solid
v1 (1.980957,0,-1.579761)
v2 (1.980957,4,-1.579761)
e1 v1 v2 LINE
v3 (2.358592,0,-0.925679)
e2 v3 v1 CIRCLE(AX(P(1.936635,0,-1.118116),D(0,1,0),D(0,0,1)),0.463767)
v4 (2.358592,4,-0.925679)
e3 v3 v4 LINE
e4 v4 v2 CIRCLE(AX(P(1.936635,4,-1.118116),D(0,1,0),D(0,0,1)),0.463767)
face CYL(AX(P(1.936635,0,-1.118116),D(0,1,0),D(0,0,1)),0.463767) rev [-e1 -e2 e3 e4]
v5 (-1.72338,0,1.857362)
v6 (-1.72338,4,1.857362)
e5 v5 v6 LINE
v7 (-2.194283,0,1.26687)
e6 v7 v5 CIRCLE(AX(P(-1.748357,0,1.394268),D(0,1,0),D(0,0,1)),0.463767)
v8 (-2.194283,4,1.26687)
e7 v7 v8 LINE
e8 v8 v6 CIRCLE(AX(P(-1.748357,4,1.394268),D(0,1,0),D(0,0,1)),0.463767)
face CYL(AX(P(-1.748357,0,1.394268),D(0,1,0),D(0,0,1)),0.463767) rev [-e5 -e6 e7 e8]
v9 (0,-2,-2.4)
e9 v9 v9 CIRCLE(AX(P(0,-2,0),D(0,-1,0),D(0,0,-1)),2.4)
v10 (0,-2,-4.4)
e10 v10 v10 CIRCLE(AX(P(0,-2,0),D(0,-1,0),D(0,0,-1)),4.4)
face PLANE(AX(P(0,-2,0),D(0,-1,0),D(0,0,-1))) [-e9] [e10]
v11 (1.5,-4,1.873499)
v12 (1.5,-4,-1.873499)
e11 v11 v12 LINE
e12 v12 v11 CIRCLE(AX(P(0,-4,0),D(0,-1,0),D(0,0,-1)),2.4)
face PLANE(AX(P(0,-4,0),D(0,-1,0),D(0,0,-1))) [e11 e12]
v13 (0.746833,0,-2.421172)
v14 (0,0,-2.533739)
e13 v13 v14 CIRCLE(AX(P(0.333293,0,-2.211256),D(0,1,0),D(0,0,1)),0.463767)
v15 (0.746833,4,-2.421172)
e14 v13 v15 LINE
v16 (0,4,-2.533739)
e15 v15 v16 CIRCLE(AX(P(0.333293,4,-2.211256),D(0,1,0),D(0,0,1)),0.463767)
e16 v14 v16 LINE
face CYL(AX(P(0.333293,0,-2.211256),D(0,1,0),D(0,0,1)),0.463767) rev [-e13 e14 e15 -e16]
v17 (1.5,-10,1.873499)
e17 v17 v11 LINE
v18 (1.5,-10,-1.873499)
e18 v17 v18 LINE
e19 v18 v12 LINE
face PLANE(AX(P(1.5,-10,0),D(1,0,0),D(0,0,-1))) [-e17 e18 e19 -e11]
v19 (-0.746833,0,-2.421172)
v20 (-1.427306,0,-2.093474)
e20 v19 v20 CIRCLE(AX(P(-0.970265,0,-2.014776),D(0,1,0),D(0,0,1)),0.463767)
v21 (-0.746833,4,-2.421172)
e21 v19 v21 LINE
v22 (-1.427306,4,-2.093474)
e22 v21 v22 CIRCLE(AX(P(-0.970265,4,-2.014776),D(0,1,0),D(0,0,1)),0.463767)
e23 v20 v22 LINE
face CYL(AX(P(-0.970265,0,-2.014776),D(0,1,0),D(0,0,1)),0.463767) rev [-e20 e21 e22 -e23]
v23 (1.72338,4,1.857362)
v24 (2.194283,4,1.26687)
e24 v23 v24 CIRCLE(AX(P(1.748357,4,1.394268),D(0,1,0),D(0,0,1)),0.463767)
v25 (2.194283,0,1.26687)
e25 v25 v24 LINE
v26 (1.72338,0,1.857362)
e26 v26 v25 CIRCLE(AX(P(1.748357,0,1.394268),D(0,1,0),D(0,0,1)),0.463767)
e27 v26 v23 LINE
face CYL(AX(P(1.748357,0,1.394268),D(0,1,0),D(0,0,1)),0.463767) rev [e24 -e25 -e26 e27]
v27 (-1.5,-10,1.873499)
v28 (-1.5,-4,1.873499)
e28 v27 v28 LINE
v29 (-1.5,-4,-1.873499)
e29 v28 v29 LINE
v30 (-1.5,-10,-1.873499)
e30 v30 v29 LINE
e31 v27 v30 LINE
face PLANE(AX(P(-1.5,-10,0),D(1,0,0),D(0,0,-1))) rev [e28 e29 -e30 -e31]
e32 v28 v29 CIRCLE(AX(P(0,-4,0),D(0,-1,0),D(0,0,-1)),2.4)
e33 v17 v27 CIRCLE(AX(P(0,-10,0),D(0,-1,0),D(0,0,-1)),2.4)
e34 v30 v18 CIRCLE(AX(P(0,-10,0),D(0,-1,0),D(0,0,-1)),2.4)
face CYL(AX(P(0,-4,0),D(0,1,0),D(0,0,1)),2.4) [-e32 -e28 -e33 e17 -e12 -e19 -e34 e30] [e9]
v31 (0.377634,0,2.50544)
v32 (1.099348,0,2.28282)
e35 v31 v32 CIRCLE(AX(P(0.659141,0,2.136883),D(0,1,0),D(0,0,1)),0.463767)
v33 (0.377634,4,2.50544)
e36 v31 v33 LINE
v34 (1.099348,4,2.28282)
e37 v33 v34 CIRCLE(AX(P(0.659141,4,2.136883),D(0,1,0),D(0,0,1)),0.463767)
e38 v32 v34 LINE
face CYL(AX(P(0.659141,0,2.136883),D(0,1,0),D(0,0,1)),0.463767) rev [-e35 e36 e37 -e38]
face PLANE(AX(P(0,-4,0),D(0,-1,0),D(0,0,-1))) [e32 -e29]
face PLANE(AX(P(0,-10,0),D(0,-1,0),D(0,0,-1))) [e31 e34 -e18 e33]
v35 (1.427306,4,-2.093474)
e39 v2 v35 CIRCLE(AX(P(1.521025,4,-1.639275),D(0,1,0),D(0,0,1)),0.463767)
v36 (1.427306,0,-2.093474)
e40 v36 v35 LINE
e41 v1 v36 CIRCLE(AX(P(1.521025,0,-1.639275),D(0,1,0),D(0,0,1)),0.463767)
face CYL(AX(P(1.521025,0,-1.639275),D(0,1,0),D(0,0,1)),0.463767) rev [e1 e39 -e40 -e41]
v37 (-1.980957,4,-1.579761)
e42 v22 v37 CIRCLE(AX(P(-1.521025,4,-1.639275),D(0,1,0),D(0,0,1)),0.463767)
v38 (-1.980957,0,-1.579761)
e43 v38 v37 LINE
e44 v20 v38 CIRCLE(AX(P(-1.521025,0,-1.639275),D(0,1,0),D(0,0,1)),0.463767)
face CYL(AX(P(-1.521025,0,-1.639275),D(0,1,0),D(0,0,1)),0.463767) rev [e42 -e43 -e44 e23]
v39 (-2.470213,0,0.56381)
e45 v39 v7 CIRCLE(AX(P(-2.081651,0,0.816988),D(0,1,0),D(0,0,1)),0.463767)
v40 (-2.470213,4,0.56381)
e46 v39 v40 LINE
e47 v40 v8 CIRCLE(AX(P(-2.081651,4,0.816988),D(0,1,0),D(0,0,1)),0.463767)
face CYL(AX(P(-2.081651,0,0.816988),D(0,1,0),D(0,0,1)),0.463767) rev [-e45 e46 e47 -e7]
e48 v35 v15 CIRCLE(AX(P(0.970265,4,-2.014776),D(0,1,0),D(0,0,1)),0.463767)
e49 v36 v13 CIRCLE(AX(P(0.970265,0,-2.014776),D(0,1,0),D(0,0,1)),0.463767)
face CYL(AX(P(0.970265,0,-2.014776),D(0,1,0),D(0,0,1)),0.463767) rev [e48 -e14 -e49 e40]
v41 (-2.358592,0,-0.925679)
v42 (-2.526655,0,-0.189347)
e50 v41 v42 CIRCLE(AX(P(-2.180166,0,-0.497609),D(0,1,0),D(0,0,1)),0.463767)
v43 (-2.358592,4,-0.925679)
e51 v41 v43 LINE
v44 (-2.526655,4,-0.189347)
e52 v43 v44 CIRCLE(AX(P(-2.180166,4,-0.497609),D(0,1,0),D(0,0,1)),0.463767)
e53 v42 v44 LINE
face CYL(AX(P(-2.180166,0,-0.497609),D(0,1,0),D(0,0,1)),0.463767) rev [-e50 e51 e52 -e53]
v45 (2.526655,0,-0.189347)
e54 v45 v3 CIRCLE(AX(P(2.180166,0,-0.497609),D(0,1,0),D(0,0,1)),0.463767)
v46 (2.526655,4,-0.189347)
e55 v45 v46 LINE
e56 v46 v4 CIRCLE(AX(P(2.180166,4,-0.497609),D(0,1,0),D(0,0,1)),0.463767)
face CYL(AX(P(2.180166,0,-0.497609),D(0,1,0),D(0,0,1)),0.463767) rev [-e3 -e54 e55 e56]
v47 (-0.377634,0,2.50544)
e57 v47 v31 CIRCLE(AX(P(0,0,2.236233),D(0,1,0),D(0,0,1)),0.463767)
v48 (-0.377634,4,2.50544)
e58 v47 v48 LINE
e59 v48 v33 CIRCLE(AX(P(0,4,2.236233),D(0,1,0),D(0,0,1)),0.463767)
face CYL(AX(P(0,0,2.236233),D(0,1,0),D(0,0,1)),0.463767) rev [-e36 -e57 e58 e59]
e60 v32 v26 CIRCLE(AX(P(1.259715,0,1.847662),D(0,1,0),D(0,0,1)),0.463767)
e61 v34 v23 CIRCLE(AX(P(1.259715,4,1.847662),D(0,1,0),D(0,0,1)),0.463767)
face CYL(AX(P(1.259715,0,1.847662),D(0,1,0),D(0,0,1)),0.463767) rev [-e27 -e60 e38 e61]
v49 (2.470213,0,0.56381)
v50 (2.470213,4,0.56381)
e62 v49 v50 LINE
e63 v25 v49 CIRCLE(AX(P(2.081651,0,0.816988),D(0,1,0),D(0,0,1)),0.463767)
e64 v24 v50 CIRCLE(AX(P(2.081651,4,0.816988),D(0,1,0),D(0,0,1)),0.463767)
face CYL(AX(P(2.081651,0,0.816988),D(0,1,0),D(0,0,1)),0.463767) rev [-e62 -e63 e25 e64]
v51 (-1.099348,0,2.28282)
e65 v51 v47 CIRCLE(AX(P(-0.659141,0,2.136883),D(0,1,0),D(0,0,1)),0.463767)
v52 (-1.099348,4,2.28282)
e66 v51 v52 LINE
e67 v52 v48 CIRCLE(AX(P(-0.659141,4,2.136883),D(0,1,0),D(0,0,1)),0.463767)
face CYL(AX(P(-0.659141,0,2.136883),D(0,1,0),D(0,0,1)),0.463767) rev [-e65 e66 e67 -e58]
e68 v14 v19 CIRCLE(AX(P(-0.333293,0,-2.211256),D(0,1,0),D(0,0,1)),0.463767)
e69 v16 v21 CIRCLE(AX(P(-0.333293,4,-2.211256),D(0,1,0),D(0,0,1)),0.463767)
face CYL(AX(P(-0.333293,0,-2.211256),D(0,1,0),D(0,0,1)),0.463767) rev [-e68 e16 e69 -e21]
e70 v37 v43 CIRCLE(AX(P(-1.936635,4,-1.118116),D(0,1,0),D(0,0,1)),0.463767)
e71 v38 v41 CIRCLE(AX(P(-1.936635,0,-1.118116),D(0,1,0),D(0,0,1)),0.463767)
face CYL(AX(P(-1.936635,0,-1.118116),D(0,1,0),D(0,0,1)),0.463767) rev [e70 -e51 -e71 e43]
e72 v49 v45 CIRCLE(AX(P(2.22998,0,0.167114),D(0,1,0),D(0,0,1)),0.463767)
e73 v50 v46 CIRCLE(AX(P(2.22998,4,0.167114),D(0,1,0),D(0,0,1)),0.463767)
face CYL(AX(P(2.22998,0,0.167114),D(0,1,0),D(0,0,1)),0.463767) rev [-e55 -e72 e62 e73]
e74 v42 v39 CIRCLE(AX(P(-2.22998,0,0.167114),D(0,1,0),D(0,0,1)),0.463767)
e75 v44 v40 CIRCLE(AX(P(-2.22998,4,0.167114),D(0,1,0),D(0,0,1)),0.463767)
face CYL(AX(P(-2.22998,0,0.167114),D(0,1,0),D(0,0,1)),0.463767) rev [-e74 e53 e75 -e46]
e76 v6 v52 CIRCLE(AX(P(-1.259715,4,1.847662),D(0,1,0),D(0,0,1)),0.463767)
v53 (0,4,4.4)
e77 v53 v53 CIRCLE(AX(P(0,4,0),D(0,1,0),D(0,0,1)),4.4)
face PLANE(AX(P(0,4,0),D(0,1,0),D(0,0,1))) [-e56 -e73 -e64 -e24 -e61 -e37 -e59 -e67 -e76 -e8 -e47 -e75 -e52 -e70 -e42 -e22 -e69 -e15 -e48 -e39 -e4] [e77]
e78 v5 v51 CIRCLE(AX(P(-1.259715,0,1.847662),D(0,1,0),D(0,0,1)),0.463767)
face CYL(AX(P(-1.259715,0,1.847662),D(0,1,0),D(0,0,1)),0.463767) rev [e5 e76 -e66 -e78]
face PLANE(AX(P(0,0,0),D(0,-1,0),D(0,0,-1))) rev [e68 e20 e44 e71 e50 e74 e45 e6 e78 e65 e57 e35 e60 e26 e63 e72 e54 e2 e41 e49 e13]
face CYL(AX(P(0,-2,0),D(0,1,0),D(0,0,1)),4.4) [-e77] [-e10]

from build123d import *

# Parameters (mm, degrees)
SKETCH1_R           = 3.95
BOSS_EXTRUDE1_DEPTH = 4
SKETCH2_R           = 4.4
BOSS_EXTRUDE2_DEPTH = 2
SKETCH4_R           = 2.4
BOSS_EXTRUDE3_DEPTH = 2
BOSS_EXTRUDE4_DEPTH = 6
SKETCH6_R           = 4.4
SKETCH6_R_2         = 3.95
BOSS_EXTRUDE5_DEPTH = 4
CUT_EXTRUDE1_DEPTH  = 4


with BuildPart() as part:
    # Sketch1 → Boss-Extrude1 (new body)
    with BuildSketch(Plane(origin=(0, 0, 0), x_dir=(1, 0, 0), z_dir=(0, 1, 0))):
        with Locations(Location((0, 0, 0), (0, 0, 270))):
            Circle(SKETCH1_R)
        with BuildLine():
            ThreePointArc((-0.166646614, 2.345141313), (-0.092401566, 2.286261662), (0, 2.2652595))
            ThreePointArc((0, 2.2652595), (0.092401566, 2.286261662), (0.166646614, 2.345141313))
            ThreePointArc((0.166646614, 2.345141313), (0.365153552, 2.422635524), (0.531999564, 2.290073216))
            ThreePointArc((0.531999564, 2.290073216), (0.585591031, 2.211925311), (0.667696959, 2.164620376))
            ThreePointArc((0.667696959, 2.164620376), (0.762183879, 2.157453631), (0.850485509, 2.191833312))
            ThreePointArc((0.850485509, 2.191833312), (1.063015161, 2.207373726), (1.183375246, 2.031522064))
            ThreePointArc((1.183375246, 2.031522064), (1.211551295, 1.941049689), (1.276066113, 1.871645232))
            ThreePointArc((1.276066113, 1.871645232), (1.364242809, 1.836946378), (1.458755034, 1.843771303))
            ThreePointArc((1.458755034, 1.843771303), (1.666423208, 1.795977086), (1.729602845, 1.592461261))
            ThreePointArc((1.729602845, 1.592461261), (1.72985991, 1.497703284), (1.771051193, 1.412366197))
            ThreePointArc((1.771051193, 1.412366197), (1.845082779, 1.353218377), (1.937407773, 1.331882123))
            ThreePointArc((1.937407773, 1.331882123), (2.121762239, 1.225), (2.12214764, 1.011903287))
            ThreePointArc((2.12214764, 1.011903287), (2.094462881, 0.92127937), (2.108670602, 0.827592226))
            ThreePointArc((2.108670602, 0.827592226), (2.161979047, 0.749250985), (2.243913329, 0.701649371))
            ThreePointArc((2.243913329, 0.701649371), (2.388573385, 0.545176288), (2.326130305, 0.341433266))
            ThreePointArc((2.326130305, 0.341433266), (2.272963633, 0.262995741), (2.258925375, 0.169283054))
            ThreePointArc((2.258925375, 0.169283054), (2.286773988, 0.078709355), (2.351037339, 0.009071994))
            ThreePointArc((2.351037339, 0.009071994), (2.443149303, -0.183088729), (2.323426084, -0.3593746))
            ThreePointArc((2.323426084, -0.3593746), (2.249501592, -0.418656214), (2.208464714, -0.504067659))
            ThreePointArc((2.208464714, -0.504067659), (2.208379026, -0.598825947), (2.249261363, -0.68431147))
            ThreePointArc((2.249261363, -0.68431147), (2.280640684, -0.89508551), (2.114275259, -1.028250455))
            ThreePointArc((2.114275259, -1.028250455), (2.026161462, -1.063108727), (1.961772273, -1.13262975))
            ThreePointArc((1.961772273, -1.13262975), (1.933759896, -1.223152935), (1.947628645, -1.316890857))
            ThreePointArc((1.947628645, -1.316890857), (1.915487132, -1.527550015), (1.717261799, -1.605761745))
            ThreePointArc((1.717261799, -1.605761745), (1.622787995, -1.613099364), (1.540767756, -1.660552716))
            ThreePointArc((1.540767756, -1.660552716), (1.487317713, -1.738797417), (1.472940575, -1.832458712))
            ThreePointArc((1.472940575, -1.832458712), (1.380134142, -2.024284997), (1.167662092, -2.040594058))
            ThreePointArc((1.167662092, -2.040594058), (1.075222693, -2.019759044), (0.982859262, -2.040928287))
            ThreePointArc((0.982859262, -2.040928287), (0.908720824, -2.099942118), (0.86737527, -2.185204569))
            ThreePointArc((0.86737527, -2.185204569), (0.722150177, -2.341153374), (0.514310485, -2.294110633))
            ThreePointArc((0.514310485, -2.294110633), (0.432119136, -2.246954269), (0.337619409, -2.239958423))
            ThreePointArc((0.337619409, -2.239958423), (0.249380102, -2.274497747), (0.184739867, -2.343785411))
            ThreePointArc((0.184739867, -2.343785411), (0, -2.45), (-0.184739867, -2.343785411))
            ThreePointArc((-0.184739867, -2.343785411), (-0.249380102, -2.274497747), (-0.337619409, -2.239958423))
            ThreePointArc((-0.337619409, -2.239958423), (-0.432119136, -2.246954269), (-0.514310485, -2.294110633))
            ThreePointArc((-0.514310485, -2.294110633), (-0.722150177, -2.341153374), (-0.86737527, -2.185204569))
            ThreePointArc((-0.86737527, -2.185204569), (-0.908720824, -2.099942118), (-0.982859262, -2.040928287))
            ThreePointArc((-0.982859262, -2.040928287), (-1.075222693, -2.019759044), (-1.167662092, -2.040594058))
            ThreePointArc((-1.167662092, -2.040594058), (-1.380134142, -2.024284997), (-1.472940575, -1.832458712))
            ThreePointArc((-1.472940575, -1.832458712), (-1.487317713, -1.738797417), (-1.540767756, -1.660552716))
            ThreePointArc((-1.540767756, -1.660552716), (-1.622787995, -1.613099364), (-1.717261799, -1.605761745))
            ThreePointArc((-1.717261799, -1.605761745), (-1.915487132, -1.527550015), (-1.947628645, -1.316890857))
            ThreePointArc((-1.947628645, -1.316890857), (-1.933759896, -1.223152935), (-1.961772273, -1.13262975))
            ThreePointArc((-1.961772273, -1.13262975), (-2.026161462, -1.063108727), (-2.114275259, -1.028250455))
            ThreePointArc((-2.114275259, -1.028250455), (-2.280640684, -0.89508551), (-2.249261363, -0.68431147))
            ThreePointArc((-2.249261363, -0.68431147), (-2.208379026, -0.598825947), (-2.208464714, -0.504067659))
            ThreePointArc((-2.208464714, -0.504067659), (-2.249501592, -0.418656214), (-2.323426084, -0.3593746))
            ThreePointArc((-2.323426084, -0.3593746), (-2.443149303, -0.183088729), (-2.351037339, 0.009071994))
            ThreePointArc((-2.351037339, 0.009071994), (-2.286773988, 0.078709355), (-2.258925375, 0.169283054))
            ThreePointArc((-2.258925375, 0.169283054), (-2.272963633, 0.262995741), (-2.326130305, 0.341433266))
            ThreePointArc((-2.326130305, 0.341433266), (-2.388573385, 0.545176288), (-2.243913329, 0.701649371))
            ThreePointArc((-2.243913329, 0.701649371), (-2.161979047, 0.749250985), (-2.108670602, 0.827592226))
            ThreePointArc((-2.108670602, 0.827592226), (-2.094462881, 0.92127937), (-2.12214764, 1.011903287))
            ThreePointArc((-2.12214764, 1.011903287), (-2.121762239, 1.225), (-1.937407773, 1.331882123))
            ThreePointArc((-1.937407773, 1.331882123), (-1.845082779, 1.353218377), (-1.771051193, 1.412366197))
            ThreePointArc((-1.771051193, 1.412366197), (-1.72985991, 1.497703284), (-1.729602845, 1.592461261))
            ThreePointArc((-1.729602845, 1.592461261), (-1.666423208, 1.795977086), (-1.458755034, 1.843771303))
            ThreePointArc((-1.458755034, 1.843771303), (-1.364242809, 1.836946378), (-1.276066113, 1.871645232))
            ThreePointArc((-1.276066113, 1.871645232), (-1.211551295, 1.941049689), (-1.183375246, 2.031522064))
            ThreePointArc((-1.183375246, 2.031522064), (-1.063015161, 2.207373726), (-0.850485509, 2.191833312))
            ThreePointArc((-0.850485509, 2.191833312), (-0.762183879, 2.157453631), (-0.667696959, 2.164620376))
            ThreePointArc((-0.667696959, 2.164620376), (-0.585591031, 2.211925311), (-0.531999564, 2.290073216))
            ThreePointArc((-0.531999564, 2.290073216), (-0.365153552, 2.422635524), (-0.166646614, 2.345141313))
        make_face(mode=Mode.SUBTRACT)
    extrude(amount=BOSS_EXTRUDE1_DEPTH)

    # Sketch2 → Boss-Extrude2 (add)
    with BuildSketch(Plane.XZ):
        with Locations(Location((0, 0, 0), (0, 0, 270))):
            Circle(SKETCH2_R)
    extrude(amount=BOSS_EXTRUDE2_DEPTH)

    # Sketch4 → Boss-Extrude3 (add)
    with BuildSketch(Plane.XZ.offset(2)):
        with Locations(Location((0, 0, 0), (0, 0, 270))):
            Circle(SKETCH4_R)
    extrude(amount=BOSS_EXTRUDE3_DEPTH)

    # Sketch5 → Boss-Extrude4 (add)
    with BuildSketch(Plane.XZ.offset(4)):
        with BuildLine():
            ThreePointArc((1.5, 1.8734994), (0, 2.4), (-1.5, 1.8734994))
            Line((-1.5, 1.8734994), (-1.5, -1.8734994))
            ThreePointArc((-1.5, -1.8734994), (0, -2.4), (1.5, -1.8734994))
            Line((1.5, -1.8734994), (1.5, 1.8734994))
        make_face()
    extrude(amount=BOSS_EXTRUDE4_DEPTH)

    # Sketch6 → Boss-Extrude5 (add)
    with BuildSketch(Plane(origin=(0, 0, 0), x_dir=(1, 0, 0), z_dir=(0, 1, 0))):
        with Locations(Location((0, 0, 0), (0, 0, 270))):
            Circle(SKETCH6_R)
        Circle(SKETCH6_R_2, mode=Mode.SUBTRACT)
    extrude(amount=BOSS_EXTRUDE5_DEPTH)

    # Sketch8 → Cut-Extrude1 (cut)
    with BuildSketch(Plane(origin=(0, 4, 0), x_dir=(1, 0, 0), z_dir=(0, 1, 0))):
        with BuildLine():
            ThreePointArc((0.746832801, 2.421172474), (0.402414119, 2.669843231), (0, 2.533739407))
            ThreePointArc((0, 2.533739407), (-0.402414119, 2.669843231), (-0.746832801, 2.421172474))
            ThreePointArc((-0.746832801, 2.421172474), (-1.171486096, 2.432615943), (-1.42730623, 2.093473742))
            ThreePointArc((-1.42730623, 2.093473742), (-1.836466392, 1.979240054), (-1.980957237, 1.579760681))
            ThreePointArc((-1.980957237, 1.579760681), (-2.33826859, 1.35), (-2.3585915, 0.92567895))
            ThreePointArc((-2.3585915, 0.92567895), (-2.632305363, 0.600806522), (-2.526654558, 0.189346583))
            ThreePointArc((-2.526654558, 0.189346583), (-2.692450252, -0.201771253), (-2.47021327, -0.563810059))
            ThreePointArc((-2.47021327, -0.563810059), (-2.513359121, -0.986420766), (-2.194282693, -1.266869704))
            ThreePointArc((-2.194282693, -1.266869704), (-2.110945003, -1.683422465), (-1.723380469, -1.857362415))
            ThreePointArc((-1.723380469, -1.857362415), (-1.520964157, -2.230844691), (-1.099348328, -2.282820325))
            ThreePointArc((-1.099348328, -2.282820325), (-0.795838971, -2.580046576), (-0.377634263, -2.505439631))
            ThreePointArc((-0.377634263, -2.505439631), (0, -2.7), (0.377634263, -2.505439631))
            ThreePointArc((0.377634263, -2.505439631), (0.795838971, -2.580046576), (1.099348328, -2.282820325))
            ThreePointArc((1.099348328, -2.282820325), (1.520964157, -2.230844691), (1.723380469, -1.857362415))
            ThreePointArc((1.723380469, -1.857362415), (2.110945003, -1.683422465), (2.194282693, -1.266869704))
            ThreePointArc((2.194282693, -1.266869704), (2.513359121, -0.986420766), (2.47021327, -0.563810059))
            ThreePointArc((2.47021327, -0.563810059), (2.692450252, -0.201771253), (2.526654558, 0.189346583))
            ThreePointArc((2.526654558, 0.189346583), (2.632305363, 0.600806522), (2.3585915, 0.92567895))
            ThreePointArc((2.3585915, 0.92567895), (2.33826859, 1.35), (1.980957237, 1.579760681))
            ThreePointArc((1.980957237, 1.579760681), (1.836466392, 1.979240054), (1.42730623, 2.093473742))
            ThreePointArc((1.42730623, 2.093473742), (1.171486096, 2.432615943), (0.746832801, 2.421172474))
        make_face()
    extrude(amount=-CUT_EXTRUDE1_DEPTH, mode=Mode.SUBTRACT)


solid = part.part
